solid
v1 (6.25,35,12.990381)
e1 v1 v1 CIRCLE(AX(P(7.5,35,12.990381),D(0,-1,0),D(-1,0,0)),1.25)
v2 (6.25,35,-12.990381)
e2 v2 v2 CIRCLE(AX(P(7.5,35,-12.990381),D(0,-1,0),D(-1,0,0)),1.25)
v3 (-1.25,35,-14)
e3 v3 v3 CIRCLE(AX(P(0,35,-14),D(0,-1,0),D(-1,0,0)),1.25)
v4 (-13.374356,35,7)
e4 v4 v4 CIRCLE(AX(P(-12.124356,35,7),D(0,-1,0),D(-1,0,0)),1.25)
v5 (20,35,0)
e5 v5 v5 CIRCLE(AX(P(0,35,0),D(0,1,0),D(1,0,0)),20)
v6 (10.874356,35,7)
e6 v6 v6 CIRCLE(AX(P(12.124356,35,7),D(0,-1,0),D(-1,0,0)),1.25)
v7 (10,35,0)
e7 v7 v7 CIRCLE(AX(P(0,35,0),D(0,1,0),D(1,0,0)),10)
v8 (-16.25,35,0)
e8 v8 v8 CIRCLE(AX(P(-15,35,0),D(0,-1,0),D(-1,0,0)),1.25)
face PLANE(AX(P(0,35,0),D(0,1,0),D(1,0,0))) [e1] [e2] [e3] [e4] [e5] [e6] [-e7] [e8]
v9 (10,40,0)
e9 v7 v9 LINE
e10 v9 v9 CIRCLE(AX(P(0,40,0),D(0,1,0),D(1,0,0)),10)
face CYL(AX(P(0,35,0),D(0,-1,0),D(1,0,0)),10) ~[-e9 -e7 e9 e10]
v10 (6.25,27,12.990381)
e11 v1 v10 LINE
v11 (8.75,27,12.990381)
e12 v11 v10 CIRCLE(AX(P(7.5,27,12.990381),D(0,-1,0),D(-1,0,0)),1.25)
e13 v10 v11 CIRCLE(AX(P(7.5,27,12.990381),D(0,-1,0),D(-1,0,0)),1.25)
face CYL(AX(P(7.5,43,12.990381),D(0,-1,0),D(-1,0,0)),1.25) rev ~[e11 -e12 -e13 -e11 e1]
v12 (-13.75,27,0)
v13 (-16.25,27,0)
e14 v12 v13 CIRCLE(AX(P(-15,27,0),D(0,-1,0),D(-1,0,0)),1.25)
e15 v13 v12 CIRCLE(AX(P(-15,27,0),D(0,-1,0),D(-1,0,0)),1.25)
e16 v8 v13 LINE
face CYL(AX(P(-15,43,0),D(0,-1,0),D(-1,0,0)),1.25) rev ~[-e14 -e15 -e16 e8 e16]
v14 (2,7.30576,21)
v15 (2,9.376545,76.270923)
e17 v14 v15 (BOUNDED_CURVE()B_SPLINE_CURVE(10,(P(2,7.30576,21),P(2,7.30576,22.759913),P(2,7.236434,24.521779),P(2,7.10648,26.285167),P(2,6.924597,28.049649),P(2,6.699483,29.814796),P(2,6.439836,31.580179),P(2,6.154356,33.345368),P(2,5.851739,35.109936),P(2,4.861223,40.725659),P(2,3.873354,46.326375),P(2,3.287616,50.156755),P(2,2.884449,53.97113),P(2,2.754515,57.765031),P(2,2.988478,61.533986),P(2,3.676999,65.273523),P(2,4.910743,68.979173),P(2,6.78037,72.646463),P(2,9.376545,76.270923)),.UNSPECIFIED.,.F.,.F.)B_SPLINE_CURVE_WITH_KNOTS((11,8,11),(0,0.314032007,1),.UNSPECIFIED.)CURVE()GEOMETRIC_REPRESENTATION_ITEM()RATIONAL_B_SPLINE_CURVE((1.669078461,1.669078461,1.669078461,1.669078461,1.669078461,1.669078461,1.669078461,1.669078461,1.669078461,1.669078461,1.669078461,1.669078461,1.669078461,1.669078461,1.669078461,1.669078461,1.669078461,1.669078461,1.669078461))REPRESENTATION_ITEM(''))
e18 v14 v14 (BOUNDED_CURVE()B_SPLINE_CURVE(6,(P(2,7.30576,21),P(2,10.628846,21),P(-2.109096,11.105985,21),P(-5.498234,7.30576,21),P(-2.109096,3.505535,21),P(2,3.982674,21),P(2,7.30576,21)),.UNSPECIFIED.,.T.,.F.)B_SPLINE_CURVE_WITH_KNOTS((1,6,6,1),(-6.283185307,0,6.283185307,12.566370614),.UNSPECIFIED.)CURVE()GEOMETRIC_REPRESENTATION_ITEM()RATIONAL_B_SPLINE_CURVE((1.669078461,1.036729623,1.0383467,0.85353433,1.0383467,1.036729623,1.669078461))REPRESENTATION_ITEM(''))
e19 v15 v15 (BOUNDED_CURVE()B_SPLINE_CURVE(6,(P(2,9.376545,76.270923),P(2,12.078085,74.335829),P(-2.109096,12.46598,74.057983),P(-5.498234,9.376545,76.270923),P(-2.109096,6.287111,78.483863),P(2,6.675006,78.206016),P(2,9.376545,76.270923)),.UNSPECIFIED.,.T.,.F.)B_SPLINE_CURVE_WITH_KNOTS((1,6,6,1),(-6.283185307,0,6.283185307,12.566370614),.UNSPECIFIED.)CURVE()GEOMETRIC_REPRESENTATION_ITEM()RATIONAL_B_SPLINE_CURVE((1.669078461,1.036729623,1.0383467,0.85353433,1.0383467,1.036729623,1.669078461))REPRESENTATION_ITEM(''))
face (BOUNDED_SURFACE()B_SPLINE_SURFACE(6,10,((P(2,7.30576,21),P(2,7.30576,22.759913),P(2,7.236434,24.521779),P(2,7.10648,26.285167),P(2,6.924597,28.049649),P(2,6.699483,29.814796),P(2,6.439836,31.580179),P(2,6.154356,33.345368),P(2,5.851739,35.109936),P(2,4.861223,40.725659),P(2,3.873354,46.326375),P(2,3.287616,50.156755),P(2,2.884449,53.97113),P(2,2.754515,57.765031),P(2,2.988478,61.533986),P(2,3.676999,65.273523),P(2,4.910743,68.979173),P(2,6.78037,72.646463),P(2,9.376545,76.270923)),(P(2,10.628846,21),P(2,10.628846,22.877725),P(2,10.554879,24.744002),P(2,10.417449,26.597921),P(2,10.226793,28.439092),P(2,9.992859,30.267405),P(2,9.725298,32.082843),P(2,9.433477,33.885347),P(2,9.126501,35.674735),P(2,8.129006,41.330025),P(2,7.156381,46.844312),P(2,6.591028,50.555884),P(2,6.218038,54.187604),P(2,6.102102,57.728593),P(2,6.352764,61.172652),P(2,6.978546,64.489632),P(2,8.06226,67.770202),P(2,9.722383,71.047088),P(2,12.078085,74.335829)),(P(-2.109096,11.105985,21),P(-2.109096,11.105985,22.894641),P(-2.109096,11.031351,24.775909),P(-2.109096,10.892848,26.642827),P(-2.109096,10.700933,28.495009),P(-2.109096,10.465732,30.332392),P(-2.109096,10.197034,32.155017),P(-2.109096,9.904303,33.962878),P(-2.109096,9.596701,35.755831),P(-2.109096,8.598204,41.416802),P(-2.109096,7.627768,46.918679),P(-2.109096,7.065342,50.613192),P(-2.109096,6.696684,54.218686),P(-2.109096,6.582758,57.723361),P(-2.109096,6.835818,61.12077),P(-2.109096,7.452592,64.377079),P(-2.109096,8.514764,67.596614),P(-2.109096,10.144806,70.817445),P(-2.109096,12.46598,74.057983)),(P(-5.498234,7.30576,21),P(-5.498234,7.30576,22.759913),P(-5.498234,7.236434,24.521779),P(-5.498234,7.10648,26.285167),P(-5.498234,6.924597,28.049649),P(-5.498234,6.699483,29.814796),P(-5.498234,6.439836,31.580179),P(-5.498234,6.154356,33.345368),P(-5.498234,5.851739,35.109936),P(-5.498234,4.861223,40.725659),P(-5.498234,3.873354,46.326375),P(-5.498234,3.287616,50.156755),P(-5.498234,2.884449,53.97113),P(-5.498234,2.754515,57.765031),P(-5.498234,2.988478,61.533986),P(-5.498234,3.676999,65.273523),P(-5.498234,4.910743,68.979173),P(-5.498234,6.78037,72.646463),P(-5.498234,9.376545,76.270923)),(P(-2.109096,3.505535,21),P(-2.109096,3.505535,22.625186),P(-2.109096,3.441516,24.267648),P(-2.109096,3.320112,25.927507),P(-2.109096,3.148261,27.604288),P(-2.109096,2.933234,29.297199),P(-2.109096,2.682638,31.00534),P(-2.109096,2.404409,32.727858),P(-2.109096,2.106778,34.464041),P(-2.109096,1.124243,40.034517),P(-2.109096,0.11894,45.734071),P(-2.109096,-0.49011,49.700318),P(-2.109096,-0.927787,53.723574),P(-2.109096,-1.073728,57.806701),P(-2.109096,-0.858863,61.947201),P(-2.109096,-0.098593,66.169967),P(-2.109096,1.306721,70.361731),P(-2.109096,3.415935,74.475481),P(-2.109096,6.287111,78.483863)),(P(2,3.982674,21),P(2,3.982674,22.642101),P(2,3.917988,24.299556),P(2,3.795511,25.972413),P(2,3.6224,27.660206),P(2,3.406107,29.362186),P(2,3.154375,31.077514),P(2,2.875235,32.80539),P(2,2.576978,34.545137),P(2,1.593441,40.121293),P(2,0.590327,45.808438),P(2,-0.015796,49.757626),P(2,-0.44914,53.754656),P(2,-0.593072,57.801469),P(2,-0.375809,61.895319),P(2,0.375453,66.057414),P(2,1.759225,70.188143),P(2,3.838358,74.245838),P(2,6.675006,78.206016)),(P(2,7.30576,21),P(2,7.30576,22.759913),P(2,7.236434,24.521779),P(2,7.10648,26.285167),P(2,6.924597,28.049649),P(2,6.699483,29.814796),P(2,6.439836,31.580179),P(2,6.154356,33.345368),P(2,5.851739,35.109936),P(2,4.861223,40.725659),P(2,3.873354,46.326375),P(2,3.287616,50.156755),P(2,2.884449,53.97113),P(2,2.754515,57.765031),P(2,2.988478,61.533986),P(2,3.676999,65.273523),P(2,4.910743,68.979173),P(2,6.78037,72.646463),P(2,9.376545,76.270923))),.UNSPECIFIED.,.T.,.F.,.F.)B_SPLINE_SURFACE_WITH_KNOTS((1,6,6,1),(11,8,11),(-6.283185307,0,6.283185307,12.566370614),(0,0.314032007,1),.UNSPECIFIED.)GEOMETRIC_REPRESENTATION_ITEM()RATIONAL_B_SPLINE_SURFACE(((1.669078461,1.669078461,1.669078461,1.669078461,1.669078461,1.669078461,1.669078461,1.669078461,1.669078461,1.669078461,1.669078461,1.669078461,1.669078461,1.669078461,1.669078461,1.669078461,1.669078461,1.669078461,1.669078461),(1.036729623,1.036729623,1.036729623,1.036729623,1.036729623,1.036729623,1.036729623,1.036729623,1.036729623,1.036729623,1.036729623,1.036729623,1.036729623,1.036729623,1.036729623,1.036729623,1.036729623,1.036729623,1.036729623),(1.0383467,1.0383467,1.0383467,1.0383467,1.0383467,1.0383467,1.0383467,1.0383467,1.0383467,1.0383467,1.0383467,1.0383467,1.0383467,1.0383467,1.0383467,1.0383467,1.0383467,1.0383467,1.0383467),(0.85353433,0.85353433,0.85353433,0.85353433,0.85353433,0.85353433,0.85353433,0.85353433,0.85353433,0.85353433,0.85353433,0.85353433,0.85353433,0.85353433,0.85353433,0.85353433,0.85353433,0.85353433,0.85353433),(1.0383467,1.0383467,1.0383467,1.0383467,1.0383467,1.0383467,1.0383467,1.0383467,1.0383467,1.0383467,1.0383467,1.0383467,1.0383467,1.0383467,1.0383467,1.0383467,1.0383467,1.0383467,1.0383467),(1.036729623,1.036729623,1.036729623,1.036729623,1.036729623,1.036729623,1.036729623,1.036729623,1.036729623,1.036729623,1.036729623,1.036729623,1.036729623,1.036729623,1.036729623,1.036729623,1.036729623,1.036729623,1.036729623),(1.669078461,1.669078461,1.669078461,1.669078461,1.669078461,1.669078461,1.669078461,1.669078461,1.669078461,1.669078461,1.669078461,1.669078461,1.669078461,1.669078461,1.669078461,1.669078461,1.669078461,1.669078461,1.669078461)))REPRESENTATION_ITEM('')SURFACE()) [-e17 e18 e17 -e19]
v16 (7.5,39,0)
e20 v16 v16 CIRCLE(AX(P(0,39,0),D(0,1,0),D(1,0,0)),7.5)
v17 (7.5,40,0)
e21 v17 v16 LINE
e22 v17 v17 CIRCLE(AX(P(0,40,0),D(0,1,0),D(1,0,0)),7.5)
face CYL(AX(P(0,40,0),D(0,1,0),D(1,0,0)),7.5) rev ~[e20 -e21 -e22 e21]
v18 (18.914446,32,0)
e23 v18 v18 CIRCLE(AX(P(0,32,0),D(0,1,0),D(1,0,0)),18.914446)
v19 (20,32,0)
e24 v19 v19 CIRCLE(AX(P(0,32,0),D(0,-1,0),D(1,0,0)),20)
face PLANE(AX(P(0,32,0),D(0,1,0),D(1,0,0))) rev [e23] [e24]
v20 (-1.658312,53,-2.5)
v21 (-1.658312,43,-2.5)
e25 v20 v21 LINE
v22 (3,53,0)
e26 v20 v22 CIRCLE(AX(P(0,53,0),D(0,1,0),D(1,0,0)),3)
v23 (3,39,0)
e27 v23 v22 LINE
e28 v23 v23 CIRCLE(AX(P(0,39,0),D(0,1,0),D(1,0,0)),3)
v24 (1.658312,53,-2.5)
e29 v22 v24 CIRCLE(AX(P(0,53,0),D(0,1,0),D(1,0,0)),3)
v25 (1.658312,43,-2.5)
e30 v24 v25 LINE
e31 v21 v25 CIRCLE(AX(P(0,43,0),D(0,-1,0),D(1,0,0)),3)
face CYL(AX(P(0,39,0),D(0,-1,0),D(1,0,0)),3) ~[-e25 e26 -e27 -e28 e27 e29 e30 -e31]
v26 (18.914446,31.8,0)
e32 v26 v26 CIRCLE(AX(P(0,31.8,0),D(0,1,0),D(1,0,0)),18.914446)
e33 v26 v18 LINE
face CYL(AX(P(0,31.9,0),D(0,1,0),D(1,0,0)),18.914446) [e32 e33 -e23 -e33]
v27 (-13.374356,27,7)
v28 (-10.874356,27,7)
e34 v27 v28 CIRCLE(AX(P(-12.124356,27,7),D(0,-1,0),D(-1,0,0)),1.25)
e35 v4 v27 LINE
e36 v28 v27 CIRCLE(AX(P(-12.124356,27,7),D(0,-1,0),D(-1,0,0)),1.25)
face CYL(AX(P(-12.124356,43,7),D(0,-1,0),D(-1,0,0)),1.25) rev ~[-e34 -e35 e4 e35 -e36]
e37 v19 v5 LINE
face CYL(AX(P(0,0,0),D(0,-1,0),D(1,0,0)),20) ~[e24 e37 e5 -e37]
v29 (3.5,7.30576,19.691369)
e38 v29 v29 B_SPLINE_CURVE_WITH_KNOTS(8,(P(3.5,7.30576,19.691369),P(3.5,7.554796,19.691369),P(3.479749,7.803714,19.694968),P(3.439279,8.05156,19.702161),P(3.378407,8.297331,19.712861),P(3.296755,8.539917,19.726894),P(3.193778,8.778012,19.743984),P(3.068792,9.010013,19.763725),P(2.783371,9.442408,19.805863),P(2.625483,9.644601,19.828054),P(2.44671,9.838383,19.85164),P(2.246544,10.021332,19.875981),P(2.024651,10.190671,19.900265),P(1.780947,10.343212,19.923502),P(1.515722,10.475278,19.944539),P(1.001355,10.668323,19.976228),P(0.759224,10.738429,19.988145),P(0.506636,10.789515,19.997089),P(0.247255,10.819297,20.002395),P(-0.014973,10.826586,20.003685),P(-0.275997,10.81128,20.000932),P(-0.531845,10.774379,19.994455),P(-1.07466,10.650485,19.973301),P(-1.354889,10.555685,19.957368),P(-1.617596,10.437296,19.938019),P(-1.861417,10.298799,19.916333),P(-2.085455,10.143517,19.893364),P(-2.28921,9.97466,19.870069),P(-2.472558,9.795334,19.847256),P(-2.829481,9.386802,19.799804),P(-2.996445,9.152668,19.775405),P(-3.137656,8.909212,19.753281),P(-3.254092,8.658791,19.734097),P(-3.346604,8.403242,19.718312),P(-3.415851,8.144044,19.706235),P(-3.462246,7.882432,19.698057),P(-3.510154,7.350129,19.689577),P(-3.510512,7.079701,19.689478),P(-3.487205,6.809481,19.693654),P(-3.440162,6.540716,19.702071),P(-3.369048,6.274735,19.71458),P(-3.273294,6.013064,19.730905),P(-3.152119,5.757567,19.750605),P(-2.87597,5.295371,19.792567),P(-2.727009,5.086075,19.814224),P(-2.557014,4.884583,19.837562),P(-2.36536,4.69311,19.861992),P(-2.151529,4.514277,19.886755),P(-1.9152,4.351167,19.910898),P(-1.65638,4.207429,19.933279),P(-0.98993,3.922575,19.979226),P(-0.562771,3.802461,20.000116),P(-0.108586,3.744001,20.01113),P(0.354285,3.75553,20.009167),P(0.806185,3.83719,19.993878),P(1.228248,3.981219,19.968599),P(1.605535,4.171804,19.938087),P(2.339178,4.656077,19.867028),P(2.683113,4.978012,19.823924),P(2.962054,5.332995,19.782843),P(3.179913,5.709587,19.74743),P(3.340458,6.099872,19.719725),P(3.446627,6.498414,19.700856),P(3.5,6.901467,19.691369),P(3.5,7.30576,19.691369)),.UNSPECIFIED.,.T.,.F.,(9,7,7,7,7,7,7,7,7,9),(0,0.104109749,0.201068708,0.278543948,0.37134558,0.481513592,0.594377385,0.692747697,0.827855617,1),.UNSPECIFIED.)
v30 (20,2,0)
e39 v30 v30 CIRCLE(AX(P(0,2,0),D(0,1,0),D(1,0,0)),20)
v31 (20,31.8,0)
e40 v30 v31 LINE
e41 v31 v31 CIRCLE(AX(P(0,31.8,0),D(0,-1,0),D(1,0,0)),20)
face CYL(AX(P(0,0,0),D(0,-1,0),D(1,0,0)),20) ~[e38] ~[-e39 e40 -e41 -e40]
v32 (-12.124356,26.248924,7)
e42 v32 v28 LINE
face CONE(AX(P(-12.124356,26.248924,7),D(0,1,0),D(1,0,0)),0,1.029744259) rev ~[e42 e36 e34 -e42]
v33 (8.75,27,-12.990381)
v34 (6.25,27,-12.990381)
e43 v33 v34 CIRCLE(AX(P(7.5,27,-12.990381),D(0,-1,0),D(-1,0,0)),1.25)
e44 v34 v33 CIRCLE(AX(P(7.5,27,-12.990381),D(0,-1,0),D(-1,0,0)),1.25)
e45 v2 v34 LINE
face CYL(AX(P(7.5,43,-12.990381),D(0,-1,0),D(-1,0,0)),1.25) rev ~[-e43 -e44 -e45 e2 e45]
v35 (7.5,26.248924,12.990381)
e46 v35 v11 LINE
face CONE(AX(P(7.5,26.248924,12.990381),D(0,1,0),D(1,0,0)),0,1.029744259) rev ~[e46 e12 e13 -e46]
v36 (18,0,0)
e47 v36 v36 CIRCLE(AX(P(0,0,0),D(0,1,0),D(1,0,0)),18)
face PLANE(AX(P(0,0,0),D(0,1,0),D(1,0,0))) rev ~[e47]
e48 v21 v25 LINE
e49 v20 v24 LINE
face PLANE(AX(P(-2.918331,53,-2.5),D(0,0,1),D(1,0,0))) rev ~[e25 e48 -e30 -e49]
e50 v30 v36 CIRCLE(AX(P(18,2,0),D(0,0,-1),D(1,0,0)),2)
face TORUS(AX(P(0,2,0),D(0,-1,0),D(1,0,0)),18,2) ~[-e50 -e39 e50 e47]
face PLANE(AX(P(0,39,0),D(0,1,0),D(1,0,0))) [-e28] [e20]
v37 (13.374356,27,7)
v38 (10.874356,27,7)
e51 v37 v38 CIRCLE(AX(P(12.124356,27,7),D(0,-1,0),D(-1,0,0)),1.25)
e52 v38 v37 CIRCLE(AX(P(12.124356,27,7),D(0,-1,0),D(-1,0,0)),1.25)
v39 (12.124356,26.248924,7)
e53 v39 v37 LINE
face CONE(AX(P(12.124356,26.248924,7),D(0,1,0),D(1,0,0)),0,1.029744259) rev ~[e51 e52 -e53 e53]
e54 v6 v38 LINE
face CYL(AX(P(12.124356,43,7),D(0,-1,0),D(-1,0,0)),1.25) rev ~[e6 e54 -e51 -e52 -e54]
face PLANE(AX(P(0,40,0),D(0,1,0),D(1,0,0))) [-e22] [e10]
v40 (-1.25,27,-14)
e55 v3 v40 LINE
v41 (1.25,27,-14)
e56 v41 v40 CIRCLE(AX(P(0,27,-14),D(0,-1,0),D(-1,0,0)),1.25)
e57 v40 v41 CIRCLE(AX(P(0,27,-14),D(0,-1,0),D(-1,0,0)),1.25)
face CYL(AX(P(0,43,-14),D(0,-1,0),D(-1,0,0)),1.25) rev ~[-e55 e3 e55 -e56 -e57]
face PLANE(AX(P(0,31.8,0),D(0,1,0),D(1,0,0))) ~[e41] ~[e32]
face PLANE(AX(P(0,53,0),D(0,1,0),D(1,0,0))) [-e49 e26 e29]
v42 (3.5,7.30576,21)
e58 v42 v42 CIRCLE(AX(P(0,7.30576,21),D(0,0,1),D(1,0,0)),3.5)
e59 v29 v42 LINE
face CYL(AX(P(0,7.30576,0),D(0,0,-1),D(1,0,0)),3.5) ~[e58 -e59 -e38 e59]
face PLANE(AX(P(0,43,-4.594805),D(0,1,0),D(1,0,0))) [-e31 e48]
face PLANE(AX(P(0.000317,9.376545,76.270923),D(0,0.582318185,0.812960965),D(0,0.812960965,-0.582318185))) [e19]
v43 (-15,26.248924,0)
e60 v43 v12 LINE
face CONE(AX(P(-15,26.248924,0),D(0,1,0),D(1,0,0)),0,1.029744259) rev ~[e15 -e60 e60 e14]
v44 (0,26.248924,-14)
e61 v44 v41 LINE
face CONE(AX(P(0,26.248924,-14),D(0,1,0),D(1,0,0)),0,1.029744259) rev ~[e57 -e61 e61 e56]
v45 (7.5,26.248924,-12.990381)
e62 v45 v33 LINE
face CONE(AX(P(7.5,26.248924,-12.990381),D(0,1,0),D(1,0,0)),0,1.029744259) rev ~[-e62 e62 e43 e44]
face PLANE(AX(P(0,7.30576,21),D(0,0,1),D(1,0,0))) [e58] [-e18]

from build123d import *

# Parameters (mm, degrees)
SKETCH1_R                   = 20
BOSS_EXTRUDE1_DEPTH         = 35
SKETCH3_R                   = 10
BOSS_EXTRUDE3_DEPTH         = 5
SKETCH4_R                   = 7.5
CUT_EXTRUDE1_DEPTH          = 1
SKETCH5_R                   = 3
BOSS_EXTRUDE4_DEPTH         = 14
SKETCH6_W                   = 5.83666228
SKETCH6_H                   = 4.189609368
CUT_EXTRUDE2_DEPTH          = 10
TAP_DRILL_FOR_M3_TAP1_D     = 2.5
TAP_DRILL_FOR_M3_TAP1_DEPTH = 8
TAP_DRILL_FOR_M3_TAP1_TIP   = 0.751075774
SKETCH10_W                  = 2.171108564
SKETCH10_H                  = 0.2
SKETCH11_R                  = 3.5
BOSS_EXTRUDE5_DEPTH         = 21
SKETCH12_R                  = 2
FILLET1_R                   = 2


with BuildPart() as part:
    # Sketch1 → Boss-Extrude1 (new body)
    with BuildSketch(Plane(origin=(0, 0, 0), x_dir=(1, 0, 0), z_dir=(0, 1, 0))):
        Circle(SKETCH1_R)
    extrude(amount=BOSS_EXTRUDE1_DEPTH)

    # Sketch3 → Boss-Extrude3 (add)
    with BuildSketch(Plane(origin=(0, 35, 0), x_dir=(1, 0, 0), z_dir=(0, 1, 0))):
        Circle(SKETCH3_R)
    extrude(amount=BOSS_EXTRUDE3_DEPTH)

    # Sketch4 → Cut-Extrude1 (cut)
    with BuildSketch(Plane(origin=(0, 40, 0), x_dir=(1, 0, 0), z_dir=(0, 1, 0))):
        Circle(SKETCH4_R)
    extrude(amount=-CUT_EXTRUDE1_DEPTH, mode=Mode.SUBTRACT)

    # Sketch5 → Boss-Extrude4 (add)
    with BuildSketch(Plane(origin=(0, 39, 0), x_dir=(1, 0, 0), z_dir=(0, 1, 0))):
        Circle(SKETCH5_R)
    extrude(amount=BOSS_EXTRUDE4_DEPTH)

    # Sketch6 → Cut-Extrude2 (cut)
    with BuildSketch(Plane(origin=(0, 53, 0), x_dir=(1, 0, 0), z_dir=(0, 1, 0))):
        with Locations((0, 4.594804684)):
            Rectangle(SKETCH6_W, SKETCH6_H)
    extrude(amount=-CUT_EXTRUDE2_DEPTH, mode=Mode.SUBTRACT)

    # Tap Drill for M3 Tap1
    with Locations(Plane(origin=(0, 35, 0), x_dir=(1, 0, 0), z_dir=(0, 1, 0))):
        with Locations((0, 14), (7.5, 12.990381057), (7.5, -12.990381057), (12.124355653, -7), (-12.124355653, -7), (-15, 0)):
            Hole(TAP_DRILL_FOR_M3_TAP1_D / 2, depth=TAP_DRILL_FOR_M3_TAP1_DEPTH)
            with Locations((0, 0, -(TAP_DRILL_FOR_M3_TAP1_DEPTH + TAP_DRILL_FOR_M3_TAP1_TIP / 2))):  # 118° drill point
                Cone(0, TAP_DRILL_FOR_M3_TAP1_D / 2, TAP_DRILL_FOR_M3_TAP1_TIP, mode=Mode.SUBTRACT)

    # Sketch10 → Cut-Revolve1 (revolve, cut)
    with BuildSketch(Plane.XY):
        with Locations((20, 31.9)):
            Rectangle(SKETCH10_W, SKETCH10_H)
    revolve(axis=Axis((0, 0, 0), (0, 1, 0)), mode=Mode.SUBTRACT)

    # Sketch11 → Boss-Extrude5 (add)
    with BuildSketch(Plane.XY):
        with Locations((0, 7.305759765)):
            Circle(SKETCH11_R)
    extrude(amount=BOSS_EXTRUDE5_DEPTH)

    # Sweep1: sweep along a path in Sketch13
    with BuildLine() as sweep1_path:  # in the path sketch's own coordinates; laid on its plane below (add() does not lay a ready-made edge on the line's plane)
        add(Edge.make_bspline(
            [(-21, 7.305759765), (-39.680829044, 7.305759765), (-58.658536918, -3.239081936), (-76.270922844, 9.376545434)],
            knots=[0, 0, 0, 0, 1, 1, 1, 1], degree=3))
    # Sketch12 → Sweep1 (sweep)
    with BuildSketch(Plane.XY.offset(21)):
        with Locations((0, 7.305759765)):
            Circle(SKETCH12_R)
    sweep(path=Plane(origin=(0, 0, 0), x_dir=(0, 0, -1), z_dir=(1, 0, 0)) * sweep1_path.line)

    # Fillet1
    fillet1_edges = [part.edges().sort_by_distance(p)[0] for p in [
        (-20, 0, 0),
    ]]
    fillet(fillet1_edges, radius=FILLET1_R)


solid = part.part
